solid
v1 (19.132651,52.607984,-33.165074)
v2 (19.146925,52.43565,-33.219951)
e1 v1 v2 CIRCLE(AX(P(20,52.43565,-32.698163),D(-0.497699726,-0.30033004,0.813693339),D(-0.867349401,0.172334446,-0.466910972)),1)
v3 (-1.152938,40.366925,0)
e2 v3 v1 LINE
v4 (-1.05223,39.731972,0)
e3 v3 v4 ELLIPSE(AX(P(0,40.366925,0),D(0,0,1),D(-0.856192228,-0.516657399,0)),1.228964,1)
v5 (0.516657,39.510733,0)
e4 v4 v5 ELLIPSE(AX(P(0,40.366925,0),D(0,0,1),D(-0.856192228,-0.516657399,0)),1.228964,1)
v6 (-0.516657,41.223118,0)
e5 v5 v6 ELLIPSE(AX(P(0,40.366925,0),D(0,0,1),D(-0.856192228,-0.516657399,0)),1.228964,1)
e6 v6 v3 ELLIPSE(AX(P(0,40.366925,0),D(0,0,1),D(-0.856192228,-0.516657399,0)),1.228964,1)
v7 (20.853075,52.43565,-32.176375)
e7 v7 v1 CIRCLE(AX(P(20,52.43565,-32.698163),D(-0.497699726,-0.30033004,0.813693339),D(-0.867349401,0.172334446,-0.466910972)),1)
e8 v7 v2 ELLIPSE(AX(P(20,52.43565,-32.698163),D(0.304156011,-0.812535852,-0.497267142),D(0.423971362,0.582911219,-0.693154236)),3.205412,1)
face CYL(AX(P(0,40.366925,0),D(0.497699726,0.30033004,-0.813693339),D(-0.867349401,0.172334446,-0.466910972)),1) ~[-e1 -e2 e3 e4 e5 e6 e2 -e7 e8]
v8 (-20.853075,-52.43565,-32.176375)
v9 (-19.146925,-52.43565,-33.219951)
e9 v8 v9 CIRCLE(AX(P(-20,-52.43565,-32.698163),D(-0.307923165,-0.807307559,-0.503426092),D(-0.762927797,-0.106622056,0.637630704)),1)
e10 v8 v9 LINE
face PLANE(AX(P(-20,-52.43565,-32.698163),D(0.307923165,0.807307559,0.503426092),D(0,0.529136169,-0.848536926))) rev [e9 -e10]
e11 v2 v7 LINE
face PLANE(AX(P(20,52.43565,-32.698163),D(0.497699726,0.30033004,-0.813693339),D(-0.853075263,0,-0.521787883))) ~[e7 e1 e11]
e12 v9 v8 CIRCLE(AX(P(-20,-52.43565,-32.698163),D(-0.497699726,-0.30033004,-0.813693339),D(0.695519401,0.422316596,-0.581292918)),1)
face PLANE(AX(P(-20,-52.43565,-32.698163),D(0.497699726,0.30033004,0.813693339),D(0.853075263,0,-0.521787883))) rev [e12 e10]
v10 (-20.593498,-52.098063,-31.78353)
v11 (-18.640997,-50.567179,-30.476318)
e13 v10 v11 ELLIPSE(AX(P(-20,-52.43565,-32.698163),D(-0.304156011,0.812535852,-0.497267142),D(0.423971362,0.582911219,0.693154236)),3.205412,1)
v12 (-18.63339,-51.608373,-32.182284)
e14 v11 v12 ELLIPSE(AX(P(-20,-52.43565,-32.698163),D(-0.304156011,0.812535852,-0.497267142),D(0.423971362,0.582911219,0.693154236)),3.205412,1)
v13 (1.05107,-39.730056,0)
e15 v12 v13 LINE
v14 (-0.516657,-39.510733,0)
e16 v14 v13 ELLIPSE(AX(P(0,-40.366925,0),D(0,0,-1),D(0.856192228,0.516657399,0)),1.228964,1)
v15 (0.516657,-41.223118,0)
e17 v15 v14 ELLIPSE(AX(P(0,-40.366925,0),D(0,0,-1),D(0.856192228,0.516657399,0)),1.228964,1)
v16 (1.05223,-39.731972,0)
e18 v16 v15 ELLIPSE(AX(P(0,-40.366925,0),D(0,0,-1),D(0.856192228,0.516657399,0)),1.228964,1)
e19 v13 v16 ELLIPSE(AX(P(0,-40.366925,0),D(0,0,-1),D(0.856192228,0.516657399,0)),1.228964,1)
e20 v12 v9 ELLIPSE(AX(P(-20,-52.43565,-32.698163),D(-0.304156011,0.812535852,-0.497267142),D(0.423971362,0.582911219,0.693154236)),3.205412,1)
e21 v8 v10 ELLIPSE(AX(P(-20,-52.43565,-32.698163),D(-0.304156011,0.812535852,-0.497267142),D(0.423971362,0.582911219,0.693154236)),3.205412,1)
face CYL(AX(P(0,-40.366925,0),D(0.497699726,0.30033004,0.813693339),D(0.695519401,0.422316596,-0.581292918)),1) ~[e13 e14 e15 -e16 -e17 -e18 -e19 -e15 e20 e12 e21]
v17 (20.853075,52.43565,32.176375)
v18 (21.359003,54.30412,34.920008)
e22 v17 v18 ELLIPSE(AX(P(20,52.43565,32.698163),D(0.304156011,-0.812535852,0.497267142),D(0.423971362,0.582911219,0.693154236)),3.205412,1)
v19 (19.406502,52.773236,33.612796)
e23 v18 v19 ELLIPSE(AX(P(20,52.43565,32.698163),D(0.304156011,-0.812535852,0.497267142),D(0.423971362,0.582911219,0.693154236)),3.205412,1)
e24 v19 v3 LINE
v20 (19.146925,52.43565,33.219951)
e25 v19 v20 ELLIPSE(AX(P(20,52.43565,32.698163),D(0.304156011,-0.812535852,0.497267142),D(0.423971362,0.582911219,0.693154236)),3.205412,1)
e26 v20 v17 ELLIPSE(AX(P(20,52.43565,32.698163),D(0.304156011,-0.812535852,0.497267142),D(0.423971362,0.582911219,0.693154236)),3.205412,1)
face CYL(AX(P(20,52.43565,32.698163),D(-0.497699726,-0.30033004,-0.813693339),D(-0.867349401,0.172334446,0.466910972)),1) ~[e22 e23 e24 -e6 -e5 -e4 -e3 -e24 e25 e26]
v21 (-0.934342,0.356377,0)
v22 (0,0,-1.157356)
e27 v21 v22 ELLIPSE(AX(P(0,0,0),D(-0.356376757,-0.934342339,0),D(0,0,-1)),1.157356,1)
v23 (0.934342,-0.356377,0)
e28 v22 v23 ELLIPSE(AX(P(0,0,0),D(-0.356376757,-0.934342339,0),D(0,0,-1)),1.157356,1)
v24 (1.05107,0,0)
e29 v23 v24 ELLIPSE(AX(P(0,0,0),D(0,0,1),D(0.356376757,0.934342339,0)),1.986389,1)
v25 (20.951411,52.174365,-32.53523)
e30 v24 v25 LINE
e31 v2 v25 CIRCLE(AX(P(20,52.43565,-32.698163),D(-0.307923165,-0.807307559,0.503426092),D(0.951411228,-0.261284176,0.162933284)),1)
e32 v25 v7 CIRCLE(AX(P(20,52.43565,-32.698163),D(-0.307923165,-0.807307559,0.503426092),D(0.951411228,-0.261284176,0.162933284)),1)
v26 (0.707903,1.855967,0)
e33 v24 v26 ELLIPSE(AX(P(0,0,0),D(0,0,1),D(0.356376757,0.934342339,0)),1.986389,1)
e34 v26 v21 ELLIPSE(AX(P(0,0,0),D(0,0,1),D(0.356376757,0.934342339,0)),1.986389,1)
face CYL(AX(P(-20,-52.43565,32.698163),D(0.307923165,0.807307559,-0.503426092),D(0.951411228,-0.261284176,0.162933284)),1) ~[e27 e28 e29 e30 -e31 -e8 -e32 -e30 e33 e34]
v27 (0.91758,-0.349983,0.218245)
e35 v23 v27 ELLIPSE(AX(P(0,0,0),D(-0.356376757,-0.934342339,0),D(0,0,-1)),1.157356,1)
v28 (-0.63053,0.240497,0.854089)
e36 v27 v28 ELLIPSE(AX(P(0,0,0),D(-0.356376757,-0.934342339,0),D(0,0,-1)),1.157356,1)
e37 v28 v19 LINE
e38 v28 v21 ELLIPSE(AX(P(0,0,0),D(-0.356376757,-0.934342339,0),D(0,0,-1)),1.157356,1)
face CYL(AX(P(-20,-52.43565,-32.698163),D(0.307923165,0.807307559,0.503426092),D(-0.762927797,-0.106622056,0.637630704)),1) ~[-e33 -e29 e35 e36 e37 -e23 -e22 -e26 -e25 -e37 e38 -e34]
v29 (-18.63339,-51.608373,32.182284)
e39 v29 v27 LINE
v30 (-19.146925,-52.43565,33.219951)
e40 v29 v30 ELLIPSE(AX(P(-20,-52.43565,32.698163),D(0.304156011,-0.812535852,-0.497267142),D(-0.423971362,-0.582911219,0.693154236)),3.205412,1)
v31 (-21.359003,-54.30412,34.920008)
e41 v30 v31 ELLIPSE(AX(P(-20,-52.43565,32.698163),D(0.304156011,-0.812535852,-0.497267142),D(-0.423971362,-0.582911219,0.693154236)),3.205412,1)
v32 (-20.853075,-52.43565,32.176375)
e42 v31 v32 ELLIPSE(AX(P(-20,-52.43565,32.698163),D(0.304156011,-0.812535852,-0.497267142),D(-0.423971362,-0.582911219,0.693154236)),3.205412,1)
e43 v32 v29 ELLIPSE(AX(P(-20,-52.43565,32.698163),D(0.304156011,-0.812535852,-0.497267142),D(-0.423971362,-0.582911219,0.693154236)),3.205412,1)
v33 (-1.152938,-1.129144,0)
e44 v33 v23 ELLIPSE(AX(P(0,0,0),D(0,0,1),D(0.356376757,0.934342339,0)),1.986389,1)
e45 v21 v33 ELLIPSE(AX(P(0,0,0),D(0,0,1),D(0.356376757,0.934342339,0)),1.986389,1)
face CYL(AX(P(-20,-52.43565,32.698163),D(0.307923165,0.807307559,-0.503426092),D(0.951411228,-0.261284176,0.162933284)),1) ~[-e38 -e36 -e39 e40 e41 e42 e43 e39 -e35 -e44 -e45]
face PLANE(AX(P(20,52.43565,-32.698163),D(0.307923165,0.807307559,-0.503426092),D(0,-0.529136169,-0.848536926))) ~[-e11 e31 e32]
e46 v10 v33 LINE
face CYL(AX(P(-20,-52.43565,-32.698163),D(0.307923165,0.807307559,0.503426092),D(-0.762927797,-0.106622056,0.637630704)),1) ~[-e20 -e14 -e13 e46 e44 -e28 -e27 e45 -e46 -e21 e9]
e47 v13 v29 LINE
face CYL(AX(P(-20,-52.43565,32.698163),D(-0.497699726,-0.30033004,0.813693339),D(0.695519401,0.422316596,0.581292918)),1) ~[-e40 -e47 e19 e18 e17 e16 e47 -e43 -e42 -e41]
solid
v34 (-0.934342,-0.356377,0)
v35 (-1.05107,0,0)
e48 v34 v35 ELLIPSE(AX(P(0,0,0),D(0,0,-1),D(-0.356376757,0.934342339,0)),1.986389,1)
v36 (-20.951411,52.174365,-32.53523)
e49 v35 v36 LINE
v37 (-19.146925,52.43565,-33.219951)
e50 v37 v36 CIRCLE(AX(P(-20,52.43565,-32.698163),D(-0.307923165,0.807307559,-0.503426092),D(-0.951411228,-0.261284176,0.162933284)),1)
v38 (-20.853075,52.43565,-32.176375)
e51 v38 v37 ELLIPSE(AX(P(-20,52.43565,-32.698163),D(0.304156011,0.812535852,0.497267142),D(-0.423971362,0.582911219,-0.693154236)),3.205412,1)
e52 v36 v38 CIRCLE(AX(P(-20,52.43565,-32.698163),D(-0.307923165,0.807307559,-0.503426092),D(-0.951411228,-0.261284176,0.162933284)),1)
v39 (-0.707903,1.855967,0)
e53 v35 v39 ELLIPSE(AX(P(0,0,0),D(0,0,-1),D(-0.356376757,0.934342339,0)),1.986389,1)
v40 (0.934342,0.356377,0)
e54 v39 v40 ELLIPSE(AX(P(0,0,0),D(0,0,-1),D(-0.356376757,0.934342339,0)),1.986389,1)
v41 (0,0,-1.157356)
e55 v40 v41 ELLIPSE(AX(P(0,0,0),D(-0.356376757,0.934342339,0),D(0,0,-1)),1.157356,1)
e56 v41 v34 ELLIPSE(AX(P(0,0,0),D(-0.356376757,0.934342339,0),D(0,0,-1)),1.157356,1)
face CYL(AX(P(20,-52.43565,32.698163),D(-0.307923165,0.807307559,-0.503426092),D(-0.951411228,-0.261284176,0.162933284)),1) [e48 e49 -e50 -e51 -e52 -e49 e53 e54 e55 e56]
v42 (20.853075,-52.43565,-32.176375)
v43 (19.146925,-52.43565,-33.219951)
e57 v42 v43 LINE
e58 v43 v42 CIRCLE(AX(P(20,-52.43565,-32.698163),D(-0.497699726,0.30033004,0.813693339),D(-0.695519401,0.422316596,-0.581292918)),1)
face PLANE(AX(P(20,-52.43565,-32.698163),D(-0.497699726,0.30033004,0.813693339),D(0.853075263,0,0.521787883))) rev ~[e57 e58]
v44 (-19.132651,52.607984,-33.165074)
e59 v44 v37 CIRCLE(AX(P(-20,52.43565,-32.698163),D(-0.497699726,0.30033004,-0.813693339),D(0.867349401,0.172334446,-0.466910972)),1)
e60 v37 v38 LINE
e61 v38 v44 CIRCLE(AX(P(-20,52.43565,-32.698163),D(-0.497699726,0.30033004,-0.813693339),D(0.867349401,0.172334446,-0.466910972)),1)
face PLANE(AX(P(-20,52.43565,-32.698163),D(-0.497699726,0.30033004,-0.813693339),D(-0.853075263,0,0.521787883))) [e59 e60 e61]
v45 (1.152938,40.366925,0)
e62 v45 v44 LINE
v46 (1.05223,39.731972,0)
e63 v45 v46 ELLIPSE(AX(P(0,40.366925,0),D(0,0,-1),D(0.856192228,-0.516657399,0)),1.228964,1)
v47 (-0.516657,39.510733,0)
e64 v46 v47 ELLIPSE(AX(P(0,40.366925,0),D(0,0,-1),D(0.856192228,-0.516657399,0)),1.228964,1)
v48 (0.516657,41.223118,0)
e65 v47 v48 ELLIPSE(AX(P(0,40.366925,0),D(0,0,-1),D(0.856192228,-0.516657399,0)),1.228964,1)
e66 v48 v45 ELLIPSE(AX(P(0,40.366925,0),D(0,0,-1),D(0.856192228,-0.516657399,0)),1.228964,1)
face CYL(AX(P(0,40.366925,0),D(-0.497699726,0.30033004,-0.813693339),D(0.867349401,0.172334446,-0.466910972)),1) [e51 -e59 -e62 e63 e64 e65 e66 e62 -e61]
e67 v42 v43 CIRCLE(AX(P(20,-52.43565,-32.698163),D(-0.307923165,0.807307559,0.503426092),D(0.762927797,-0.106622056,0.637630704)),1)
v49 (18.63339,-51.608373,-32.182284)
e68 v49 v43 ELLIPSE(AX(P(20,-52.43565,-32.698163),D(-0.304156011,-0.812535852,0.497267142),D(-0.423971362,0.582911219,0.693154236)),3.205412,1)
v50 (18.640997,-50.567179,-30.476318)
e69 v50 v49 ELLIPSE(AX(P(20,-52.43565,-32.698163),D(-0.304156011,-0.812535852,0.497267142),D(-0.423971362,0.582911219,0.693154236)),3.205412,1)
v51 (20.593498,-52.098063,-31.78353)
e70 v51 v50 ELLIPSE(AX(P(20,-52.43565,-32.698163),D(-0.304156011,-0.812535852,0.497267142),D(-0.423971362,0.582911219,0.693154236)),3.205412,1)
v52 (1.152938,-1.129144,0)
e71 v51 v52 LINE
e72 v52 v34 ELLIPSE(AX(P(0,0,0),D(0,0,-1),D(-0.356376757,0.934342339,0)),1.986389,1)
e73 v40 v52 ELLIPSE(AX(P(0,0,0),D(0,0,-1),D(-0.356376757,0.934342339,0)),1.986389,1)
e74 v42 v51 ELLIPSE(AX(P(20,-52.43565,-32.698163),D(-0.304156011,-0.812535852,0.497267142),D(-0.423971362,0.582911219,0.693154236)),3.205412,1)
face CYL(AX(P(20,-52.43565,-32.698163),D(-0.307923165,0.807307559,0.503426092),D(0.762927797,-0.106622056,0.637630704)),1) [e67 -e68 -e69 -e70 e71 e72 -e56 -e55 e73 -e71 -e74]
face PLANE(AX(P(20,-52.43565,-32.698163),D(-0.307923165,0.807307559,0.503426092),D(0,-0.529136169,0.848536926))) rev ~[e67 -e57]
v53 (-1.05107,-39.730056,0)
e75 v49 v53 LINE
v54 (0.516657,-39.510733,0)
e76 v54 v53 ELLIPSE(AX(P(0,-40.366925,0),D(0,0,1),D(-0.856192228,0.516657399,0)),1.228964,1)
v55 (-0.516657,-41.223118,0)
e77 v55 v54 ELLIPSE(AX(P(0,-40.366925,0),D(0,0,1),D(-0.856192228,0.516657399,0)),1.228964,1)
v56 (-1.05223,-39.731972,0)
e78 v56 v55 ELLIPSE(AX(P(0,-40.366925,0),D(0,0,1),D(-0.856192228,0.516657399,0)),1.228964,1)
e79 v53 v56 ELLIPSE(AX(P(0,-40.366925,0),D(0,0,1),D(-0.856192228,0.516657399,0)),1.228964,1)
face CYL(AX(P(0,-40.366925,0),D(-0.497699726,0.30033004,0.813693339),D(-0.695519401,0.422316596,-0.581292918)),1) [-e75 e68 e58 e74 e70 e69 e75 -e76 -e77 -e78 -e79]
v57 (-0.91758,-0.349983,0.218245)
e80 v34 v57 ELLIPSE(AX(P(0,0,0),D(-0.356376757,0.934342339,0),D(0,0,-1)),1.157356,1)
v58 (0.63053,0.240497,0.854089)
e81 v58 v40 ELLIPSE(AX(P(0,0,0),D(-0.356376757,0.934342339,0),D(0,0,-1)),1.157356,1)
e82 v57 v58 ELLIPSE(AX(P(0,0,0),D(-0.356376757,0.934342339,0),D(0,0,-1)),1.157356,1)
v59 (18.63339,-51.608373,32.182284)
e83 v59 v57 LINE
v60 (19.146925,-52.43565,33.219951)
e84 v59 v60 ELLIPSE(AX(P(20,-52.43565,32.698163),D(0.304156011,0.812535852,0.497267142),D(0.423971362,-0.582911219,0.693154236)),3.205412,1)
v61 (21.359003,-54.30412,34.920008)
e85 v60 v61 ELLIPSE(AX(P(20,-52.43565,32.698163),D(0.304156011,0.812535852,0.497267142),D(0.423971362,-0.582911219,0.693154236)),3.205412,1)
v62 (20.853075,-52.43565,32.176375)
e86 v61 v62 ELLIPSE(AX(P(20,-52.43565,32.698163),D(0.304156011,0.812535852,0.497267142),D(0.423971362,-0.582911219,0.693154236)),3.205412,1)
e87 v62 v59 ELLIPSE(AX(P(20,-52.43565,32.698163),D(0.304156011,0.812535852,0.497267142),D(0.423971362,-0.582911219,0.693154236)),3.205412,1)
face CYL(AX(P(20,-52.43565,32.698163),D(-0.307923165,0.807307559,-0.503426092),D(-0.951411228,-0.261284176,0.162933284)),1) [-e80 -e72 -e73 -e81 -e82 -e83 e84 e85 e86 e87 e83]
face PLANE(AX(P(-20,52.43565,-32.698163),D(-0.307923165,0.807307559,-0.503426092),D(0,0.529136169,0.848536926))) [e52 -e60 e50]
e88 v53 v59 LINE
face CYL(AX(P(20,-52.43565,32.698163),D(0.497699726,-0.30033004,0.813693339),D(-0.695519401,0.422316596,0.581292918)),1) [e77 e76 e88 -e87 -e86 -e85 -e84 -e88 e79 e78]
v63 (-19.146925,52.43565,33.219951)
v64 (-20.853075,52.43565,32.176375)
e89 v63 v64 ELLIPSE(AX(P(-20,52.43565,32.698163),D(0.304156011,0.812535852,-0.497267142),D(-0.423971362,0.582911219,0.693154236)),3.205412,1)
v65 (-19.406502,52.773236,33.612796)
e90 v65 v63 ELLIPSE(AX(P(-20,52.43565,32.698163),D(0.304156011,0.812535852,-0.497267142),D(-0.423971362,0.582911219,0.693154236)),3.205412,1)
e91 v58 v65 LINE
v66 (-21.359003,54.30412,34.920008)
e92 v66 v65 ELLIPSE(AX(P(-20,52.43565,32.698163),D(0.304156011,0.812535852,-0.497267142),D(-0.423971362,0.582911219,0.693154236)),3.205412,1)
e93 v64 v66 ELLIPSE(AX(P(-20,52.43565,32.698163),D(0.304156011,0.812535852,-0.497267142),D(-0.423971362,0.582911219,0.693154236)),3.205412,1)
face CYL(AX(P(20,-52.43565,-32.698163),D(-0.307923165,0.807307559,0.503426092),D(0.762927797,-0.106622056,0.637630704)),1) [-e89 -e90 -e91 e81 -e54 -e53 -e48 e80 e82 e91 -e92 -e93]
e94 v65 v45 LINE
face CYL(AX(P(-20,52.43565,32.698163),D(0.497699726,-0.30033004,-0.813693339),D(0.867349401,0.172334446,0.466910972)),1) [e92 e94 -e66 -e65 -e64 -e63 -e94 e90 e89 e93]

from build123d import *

# Parameters (mm, degrees)
F19_R = 1
F22_R = 1


with BuildPart() as f20:
    # F20: sweep along a path in F17, F11, F13
    with BuildLine(Plane(origin=(0, 0, 0), x_dir=(0.3563767573, -0.9343423392, 0), z_dir=(-0.9343423392, -0.3563767573, 0))) as f20_path:
        Line((56.1203826827, 32.6981630323), (-56.1203826827, -32.6981630323))
    with BuildLine(Plane(origin=(0, -35.5270401876, -13.1128483886), x_dir=(-1, 0, 0), z_dir=(0, 0.9381378928, 0.3462618865))) as f20_path_2:
        Line((-20, 48.8318527274), (0, 13.9775277054))
    with BuildLine(Plane(origin=(0, -35.5270401876, 13.1128483886), x_dir=(1, 0, 0), z_dir=(0, -0.9381378928, 0.3462618865))) as f20_path_3:
        Line((0, -13.9775277054), (20, -48.8318527274))
    # F19 (on line) → F20 (sweep)
    with BuildSketch(Plane(origin=(-20, 52.4356496332, -32.6981630323), x_dir=(-0.9514112279, -0.2612841756, 0.1629332836), z_dir=(-0.3079231647, 0.8073075588, -0.503426092))):
        Circle(F19_R)
    sweep(path=f20_path.line + f20_path_2.line + f20_path_3.line, transition=Transition.RIGHT)

    # F23: sweep along a path in F9, F7, F15
    with BuildLine(Plane(origin=(0, 35.5270401876, 13.1128483886), x_dir=(1, 0, 0), z_dir=(0, -0.9381378928, -0.3462618865))) as f23_path:
        Line((0, -13.9775277054), (-20, -48.8318527274))
    with BuildLine(Plane(origin=(13.9925451171, 6.9326781831, 5.9997963879), x_dir=(-0.3808799456, 0.9100870581, -0.1633156872), z_dir=(0.8364372396, 0.4144171167, 0.3586519169))) as f23_path_2:
        Line((49.9984820611, 37.9337331064), (36.7374162914, 0))
    with BuildLine(Plane(origin=(0, 0, 0), x_dir=(0.3563767573, -0.9343423392, 0), z_dir=(-0.9343423392, -0.3563767573, 0))) as f23_path_3:
        Line((56.1203826827, -32.6981630323), (-56.1203826827, 32.6981630323))
    # F22 (on line) → F23 (sweep)
    with BuildSketch(Plane(origin=(-26.033812996, 15.7097456206, -42.5628930848), x_dir=(0.8673494006, 0.172334446, -0.4669109722), z_dir=(-0.497699726, 0.3003300397, -0.8136933391))):
        with Locations((6.9566117088, -37.8697422404)):
            Circle(F22_R)
    sweep(path=f23_path.line + f23_path_2.line + f23_path_3.line, transition=Transition.RIGHT)


with BuildPart() as f24_1:
    # F24: instance of F20
    add(f20.part.mirror(Plane.YZ))


solid = Compound([f20.part, f24_1.part])
